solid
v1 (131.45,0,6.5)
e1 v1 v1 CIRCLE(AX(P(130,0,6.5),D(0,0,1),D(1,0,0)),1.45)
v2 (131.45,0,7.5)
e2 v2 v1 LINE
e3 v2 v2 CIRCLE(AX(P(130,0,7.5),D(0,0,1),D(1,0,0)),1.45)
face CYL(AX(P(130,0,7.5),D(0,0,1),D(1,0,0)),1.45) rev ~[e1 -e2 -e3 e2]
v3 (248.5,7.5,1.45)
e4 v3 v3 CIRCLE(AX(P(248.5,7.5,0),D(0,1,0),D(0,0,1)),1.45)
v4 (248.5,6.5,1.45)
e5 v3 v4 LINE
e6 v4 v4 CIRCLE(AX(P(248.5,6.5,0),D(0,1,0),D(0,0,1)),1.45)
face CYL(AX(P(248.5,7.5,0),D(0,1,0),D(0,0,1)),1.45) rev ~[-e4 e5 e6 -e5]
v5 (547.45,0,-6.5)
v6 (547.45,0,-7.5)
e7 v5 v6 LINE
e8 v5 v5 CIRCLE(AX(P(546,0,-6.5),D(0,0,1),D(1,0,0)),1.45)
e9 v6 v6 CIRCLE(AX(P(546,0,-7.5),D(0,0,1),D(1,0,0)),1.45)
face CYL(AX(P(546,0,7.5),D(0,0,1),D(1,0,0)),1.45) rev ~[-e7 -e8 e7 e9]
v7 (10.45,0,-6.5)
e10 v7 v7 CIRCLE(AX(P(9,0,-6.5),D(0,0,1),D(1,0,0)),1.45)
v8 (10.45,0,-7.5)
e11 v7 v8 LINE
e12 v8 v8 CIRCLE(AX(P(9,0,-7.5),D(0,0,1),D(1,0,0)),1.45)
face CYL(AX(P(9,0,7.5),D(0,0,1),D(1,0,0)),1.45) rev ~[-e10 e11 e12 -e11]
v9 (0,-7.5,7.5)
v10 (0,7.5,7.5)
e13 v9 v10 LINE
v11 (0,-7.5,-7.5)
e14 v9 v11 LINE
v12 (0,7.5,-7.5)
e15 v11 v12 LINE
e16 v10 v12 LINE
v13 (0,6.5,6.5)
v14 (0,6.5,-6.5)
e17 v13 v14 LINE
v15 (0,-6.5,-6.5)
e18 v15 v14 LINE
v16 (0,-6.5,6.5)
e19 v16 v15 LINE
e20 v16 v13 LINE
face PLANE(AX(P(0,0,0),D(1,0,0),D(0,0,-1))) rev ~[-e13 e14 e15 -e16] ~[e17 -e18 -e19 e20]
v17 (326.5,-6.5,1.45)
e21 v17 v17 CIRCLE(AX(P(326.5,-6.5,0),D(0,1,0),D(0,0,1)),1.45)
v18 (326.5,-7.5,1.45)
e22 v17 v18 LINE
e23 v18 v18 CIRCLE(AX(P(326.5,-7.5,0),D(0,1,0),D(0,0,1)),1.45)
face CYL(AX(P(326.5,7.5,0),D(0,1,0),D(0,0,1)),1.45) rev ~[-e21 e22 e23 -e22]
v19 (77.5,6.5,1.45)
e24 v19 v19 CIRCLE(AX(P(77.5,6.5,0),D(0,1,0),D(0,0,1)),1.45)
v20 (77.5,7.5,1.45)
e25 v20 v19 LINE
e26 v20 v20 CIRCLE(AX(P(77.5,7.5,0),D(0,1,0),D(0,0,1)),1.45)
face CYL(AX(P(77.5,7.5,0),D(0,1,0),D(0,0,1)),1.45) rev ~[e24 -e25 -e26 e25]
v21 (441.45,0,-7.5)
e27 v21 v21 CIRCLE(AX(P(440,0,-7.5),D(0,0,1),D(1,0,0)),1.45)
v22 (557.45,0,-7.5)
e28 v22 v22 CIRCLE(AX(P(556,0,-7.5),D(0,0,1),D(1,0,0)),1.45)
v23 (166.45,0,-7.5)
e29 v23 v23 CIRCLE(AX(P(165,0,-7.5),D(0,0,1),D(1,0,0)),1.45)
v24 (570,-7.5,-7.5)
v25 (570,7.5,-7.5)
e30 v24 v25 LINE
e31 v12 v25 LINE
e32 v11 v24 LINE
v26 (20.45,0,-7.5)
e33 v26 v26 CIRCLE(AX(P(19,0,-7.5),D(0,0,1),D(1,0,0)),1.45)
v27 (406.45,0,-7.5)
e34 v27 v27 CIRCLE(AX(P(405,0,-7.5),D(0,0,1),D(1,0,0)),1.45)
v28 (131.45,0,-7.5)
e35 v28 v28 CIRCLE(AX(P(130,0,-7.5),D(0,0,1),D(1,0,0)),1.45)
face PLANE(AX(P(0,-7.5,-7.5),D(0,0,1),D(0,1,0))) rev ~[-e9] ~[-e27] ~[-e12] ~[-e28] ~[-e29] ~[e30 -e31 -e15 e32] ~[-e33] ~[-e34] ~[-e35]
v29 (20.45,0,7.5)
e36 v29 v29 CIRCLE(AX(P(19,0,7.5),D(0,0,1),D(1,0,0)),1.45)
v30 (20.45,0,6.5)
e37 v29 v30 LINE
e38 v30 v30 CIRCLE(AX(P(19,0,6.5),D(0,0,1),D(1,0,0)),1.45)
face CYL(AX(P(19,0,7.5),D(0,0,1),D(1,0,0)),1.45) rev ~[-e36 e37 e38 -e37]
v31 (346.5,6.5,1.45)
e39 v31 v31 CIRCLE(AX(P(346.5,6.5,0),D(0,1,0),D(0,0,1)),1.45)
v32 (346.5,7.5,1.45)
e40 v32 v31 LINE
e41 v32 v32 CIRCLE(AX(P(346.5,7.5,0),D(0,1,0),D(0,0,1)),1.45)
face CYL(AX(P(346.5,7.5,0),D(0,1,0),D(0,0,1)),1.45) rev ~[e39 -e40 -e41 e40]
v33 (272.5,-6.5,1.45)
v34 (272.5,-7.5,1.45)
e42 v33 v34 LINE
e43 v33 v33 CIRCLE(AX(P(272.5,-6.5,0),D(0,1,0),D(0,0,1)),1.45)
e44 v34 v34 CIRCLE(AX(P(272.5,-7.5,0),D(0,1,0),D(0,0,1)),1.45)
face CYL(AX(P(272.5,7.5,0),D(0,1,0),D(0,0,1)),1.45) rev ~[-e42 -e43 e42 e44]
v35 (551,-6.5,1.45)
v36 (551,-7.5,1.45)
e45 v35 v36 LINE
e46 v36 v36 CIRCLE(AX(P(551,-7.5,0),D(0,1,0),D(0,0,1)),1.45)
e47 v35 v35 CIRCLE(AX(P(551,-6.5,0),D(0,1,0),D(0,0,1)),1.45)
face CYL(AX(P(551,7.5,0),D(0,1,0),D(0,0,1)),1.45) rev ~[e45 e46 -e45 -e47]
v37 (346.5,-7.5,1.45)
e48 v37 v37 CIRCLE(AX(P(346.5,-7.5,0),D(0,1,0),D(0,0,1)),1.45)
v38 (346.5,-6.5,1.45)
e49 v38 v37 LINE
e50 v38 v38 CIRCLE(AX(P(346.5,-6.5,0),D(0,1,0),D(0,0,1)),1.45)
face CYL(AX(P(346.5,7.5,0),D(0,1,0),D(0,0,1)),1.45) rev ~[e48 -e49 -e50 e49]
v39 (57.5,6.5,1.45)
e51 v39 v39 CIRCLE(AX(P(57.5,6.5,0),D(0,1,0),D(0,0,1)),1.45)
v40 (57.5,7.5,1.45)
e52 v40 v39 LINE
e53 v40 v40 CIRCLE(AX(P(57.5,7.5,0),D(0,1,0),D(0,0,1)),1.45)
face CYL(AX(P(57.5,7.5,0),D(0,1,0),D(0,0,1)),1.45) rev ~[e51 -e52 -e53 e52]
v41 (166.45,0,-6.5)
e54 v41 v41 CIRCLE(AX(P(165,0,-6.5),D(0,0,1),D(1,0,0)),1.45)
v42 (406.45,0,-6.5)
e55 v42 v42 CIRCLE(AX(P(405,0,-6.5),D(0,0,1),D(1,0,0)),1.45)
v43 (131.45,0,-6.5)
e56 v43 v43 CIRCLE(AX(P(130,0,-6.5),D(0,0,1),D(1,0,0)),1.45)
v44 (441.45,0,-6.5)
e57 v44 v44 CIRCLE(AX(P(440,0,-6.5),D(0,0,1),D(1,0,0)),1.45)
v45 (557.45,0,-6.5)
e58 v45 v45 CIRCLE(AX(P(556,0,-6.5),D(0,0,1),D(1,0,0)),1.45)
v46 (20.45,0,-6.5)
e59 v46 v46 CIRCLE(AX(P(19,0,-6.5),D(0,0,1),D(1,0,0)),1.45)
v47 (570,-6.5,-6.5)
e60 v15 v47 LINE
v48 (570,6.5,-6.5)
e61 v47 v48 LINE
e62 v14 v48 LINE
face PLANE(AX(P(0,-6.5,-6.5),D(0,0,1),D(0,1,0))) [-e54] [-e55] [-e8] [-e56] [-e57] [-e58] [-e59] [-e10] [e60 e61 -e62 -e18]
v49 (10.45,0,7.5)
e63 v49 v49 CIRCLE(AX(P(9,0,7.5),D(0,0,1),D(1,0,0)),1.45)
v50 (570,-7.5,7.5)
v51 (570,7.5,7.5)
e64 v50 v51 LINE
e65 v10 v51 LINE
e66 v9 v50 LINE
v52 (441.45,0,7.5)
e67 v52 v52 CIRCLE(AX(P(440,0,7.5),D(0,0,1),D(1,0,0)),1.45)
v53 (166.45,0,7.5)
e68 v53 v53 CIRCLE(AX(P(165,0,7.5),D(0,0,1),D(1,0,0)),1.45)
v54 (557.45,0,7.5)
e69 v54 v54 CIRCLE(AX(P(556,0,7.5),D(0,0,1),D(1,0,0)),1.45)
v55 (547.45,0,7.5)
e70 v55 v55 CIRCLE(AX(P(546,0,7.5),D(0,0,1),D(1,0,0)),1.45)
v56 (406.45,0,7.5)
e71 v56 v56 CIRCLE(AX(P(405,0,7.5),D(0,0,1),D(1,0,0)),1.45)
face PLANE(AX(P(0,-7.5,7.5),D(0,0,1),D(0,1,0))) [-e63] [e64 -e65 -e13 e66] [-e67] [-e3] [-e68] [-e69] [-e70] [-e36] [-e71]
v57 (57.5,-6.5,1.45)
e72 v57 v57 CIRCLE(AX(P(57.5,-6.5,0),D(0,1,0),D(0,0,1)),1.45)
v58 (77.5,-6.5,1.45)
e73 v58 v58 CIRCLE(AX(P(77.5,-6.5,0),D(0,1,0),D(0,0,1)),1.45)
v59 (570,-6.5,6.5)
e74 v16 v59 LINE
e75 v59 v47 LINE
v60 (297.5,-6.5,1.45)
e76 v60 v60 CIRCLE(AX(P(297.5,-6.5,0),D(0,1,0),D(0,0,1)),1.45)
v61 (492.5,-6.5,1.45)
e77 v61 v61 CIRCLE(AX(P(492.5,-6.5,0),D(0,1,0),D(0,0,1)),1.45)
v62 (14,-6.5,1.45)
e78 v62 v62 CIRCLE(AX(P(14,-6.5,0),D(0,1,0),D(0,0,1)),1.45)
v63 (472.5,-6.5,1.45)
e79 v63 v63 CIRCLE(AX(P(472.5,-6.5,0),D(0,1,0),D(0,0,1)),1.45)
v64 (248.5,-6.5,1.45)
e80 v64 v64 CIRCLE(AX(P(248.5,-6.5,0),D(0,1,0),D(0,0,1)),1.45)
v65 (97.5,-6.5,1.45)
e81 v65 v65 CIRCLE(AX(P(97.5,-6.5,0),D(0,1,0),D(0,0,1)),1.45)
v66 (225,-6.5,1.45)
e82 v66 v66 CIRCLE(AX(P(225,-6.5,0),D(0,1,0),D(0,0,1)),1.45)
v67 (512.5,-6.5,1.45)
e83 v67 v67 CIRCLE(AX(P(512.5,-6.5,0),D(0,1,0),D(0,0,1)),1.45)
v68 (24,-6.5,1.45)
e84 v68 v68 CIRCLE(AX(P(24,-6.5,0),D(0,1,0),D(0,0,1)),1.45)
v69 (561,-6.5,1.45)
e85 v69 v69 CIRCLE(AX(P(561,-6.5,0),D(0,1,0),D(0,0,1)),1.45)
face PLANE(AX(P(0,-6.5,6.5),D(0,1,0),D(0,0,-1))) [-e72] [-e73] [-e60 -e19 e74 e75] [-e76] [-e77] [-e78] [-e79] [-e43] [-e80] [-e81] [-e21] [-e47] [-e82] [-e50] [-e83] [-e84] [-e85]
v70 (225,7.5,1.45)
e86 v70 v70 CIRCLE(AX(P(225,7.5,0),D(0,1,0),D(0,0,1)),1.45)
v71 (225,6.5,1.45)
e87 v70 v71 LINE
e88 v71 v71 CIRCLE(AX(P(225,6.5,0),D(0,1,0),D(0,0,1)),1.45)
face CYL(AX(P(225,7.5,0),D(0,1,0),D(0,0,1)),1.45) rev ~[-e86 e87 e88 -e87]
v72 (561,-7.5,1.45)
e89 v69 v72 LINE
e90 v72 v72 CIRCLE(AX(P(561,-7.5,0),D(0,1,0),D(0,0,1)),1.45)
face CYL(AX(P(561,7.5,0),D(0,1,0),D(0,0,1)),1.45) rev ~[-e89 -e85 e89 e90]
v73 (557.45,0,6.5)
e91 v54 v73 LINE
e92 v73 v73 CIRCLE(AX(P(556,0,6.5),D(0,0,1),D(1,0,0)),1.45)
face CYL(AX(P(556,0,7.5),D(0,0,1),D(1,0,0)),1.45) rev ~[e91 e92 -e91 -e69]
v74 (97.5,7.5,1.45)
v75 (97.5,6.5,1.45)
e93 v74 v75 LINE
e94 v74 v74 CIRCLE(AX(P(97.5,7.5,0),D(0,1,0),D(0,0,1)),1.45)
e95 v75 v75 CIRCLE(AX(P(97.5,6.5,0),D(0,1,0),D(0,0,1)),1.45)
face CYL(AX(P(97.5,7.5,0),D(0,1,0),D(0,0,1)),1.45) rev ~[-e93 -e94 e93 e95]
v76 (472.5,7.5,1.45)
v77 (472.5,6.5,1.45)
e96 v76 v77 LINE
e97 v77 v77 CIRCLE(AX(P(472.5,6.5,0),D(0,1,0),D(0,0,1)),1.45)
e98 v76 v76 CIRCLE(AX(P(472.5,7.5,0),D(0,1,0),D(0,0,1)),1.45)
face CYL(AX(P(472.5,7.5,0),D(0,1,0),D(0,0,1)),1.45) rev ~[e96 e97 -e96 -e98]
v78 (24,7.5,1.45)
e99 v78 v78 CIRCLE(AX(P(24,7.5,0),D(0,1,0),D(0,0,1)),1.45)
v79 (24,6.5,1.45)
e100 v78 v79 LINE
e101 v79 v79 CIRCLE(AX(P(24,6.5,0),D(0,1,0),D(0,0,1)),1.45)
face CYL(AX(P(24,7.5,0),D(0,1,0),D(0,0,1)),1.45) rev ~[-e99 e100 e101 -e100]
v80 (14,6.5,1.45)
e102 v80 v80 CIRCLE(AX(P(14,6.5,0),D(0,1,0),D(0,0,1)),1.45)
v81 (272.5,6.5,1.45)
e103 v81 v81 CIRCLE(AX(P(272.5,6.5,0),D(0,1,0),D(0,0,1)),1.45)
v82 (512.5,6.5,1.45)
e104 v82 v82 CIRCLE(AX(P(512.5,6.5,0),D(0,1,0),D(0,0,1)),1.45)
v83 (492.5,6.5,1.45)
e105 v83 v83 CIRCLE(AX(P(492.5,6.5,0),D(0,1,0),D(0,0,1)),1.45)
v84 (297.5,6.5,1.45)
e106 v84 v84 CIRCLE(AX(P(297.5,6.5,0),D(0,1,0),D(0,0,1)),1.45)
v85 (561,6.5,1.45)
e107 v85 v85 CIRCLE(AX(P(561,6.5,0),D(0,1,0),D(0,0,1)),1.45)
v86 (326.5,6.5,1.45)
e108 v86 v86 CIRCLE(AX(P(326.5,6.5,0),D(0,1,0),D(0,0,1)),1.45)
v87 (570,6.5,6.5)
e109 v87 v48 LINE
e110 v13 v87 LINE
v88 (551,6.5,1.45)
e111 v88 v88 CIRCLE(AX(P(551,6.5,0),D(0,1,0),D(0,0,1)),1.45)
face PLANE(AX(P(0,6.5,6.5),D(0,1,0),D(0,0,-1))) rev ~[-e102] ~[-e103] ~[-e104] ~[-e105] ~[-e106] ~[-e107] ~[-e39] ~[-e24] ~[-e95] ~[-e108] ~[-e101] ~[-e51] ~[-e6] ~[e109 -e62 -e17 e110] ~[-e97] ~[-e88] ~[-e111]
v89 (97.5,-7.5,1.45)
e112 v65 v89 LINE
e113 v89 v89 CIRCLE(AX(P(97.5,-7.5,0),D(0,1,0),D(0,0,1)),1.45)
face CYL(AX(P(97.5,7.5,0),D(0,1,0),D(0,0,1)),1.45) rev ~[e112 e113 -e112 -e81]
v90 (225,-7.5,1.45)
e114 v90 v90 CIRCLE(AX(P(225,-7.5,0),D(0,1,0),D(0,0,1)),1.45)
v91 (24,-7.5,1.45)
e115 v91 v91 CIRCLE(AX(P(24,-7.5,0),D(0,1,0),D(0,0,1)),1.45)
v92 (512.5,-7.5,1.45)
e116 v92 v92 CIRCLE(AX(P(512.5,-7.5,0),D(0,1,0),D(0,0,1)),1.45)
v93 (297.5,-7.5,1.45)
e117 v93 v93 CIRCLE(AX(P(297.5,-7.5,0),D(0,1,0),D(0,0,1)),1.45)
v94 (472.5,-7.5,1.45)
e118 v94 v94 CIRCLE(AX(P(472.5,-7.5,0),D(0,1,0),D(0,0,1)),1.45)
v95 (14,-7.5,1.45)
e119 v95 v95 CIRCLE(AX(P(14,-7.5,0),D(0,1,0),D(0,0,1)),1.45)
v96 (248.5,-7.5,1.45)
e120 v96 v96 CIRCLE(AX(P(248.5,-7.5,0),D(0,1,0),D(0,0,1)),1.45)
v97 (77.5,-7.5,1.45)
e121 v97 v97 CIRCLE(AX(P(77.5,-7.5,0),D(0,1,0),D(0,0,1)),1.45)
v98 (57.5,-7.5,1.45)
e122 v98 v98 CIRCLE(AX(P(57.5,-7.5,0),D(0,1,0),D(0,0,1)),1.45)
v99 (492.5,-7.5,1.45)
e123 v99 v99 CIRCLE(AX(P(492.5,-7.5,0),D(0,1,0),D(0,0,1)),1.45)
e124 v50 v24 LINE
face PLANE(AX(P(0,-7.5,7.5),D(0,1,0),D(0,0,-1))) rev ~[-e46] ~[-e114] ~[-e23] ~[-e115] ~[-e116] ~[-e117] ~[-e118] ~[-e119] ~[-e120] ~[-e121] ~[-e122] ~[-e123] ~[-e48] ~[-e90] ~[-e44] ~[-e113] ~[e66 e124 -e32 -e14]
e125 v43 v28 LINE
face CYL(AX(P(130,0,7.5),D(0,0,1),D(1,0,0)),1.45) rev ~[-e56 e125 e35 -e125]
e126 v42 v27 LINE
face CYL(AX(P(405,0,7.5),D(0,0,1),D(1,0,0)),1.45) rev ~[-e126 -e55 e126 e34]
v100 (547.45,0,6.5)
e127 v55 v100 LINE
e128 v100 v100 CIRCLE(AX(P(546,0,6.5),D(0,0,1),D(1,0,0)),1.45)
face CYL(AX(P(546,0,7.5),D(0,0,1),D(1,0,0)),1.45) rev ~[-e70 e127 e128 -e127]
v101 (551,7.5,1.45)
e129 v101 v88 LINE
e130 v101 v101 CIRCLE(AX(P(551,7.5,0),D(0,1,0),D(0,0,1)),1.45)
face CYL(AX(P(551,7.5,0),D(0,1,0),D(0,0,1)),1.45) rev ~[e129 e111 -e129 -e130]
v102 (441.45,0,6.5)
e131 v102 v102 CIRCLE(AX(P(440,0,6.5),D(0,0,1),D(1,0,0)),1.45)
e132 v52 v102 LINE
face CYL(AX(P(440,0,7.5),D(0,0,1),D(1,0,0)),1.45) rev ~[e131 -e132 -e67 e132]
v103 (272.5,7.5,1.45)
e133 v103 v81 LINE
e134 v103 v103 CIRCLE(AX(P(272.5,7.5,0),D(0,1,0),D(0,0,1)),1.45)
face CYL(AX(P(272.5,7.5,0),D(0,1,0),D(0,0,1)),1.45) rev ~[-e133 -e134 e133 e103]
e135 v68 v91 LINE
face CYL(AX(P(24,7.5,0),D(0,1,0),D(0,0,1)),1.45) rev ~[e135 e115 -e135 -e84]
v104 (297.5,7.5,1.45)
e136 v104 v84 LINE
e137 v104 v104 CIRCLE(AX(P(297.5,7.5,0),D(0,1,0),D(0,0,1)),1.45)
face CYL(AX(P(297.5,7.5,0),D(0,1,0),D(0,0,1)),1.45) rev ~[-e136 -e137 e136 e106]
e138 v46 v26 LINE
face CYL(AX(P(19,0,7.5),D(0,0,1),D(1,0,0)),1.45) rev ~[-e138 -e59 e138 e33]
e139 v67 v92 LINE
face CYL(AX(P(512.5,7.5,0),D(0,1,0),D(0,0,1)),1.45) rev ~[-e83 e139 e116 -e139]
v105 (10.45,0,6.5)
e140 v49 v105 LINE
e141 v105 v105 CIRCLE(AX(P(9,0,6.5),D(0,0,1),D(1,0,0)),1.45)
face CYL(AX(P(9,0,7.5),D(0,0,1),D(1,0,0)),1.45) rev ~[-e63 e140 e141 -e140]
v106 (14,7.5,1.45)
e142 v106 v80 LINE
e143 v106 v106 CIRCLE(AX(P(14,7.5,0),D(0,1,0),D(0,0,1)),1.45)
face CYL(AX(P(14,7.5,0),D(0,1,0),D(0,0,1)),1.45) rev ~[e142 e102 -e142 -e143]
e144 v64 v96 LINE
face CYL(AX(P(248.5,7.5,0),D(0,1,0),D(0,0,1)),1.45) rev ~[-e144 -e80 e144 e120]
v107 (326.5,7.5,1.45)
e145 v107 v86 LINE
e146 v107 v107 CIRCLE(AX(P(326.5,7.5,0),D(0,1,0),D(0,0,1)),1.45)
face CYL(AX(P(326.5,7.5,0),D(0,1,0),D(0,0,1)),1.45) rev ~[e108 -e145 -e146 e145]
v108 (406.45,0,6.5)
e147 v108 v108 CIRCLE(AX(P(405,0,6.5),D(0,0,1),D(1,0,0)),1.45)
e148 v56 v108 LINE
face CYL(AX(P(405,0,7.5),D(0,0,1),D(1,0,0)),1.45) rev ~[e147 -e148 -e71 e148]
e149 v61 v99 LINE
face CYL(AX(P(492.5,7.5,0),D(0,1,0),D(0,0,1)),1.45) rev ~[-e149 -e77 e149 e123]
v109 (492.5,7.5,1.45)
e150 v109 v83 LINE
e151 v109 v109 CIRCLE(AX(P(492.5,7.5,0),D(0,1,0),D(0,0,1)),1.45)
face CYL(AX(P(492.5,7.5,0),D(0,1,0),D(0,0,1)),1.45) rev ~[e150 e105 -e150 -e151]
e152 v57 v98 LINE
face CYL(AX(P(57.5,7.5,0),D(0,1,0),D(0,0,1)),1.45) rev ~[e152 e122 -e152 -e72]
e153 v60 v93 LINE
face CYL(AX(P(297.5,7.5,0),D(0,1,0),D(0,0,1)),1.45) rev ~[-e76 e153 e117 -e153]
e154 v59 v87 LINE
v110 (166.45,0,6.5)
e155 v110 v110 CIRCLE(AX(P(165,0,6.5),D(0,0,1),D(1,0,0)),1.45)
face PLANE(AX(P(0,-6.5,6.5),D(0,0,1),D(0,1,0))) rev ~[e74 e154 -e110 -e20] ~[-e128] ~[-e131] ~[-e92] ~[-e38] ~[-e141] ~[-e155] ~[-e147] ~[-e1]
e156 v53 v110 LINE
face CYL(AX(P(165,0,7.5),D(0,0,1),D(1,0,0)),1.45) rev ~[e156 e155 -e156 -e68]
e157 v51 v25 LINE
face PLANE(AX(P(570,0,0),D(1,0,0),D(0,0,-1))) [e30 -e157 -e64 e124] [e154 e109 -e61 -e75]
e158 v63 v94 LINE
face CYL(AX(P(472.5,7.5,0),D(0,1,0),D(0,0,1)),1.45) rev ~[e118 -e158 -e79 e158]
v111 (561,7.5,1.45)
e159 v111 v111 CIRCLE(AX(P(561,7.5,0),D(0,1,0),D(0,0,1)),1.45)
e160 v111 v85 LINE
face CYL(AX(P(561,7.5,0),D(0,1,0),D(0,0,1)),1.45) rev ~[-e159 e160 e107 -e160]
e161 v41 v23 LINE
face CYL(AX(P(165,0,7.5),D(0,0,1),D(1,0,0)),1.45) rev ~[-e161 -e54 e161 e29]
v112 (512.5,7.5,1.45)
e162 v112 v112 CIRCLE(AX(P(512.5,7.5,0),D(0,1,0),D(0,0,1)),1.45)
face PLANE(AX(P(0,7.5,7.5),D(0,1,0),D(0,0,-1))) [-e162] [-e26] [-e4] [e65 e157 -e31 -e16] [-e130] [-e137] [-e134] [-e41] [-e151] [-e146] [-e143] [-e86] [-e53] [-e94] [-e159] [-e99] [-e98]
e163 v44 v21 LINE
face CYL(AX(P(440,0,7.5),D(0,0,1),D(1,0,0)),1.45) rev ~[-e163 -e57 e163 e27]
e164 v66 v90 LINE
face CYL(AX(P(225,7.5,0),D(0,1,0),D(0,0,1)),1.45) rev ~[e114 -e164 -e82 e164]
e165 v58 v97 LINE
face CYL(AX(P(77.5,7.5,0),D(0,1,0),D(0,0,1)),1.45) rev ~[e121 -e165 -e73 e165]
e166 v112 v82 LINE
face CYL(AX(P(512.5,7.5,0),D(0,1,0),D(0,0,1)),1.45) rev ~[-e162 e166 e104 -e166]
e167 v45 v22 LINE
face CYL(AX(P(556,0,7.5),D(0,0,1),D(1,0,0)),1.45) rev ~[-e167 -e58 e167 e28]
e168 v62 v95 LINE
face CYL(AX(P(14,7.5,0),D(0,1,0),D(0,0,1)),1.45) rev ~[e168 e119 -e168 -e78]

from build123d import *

# Parameters (mm, degrees)
SKETCH_1_W          = 15
SKETCH_1_H          = 15
SKETCH_1_W_2        = 13
SKETCH_1_H_2        = 13
EXTRUDE_1_DEPTH     = 570
SKETCH_2_R          = 1.45
CUT_EXTRUDE_1_DEPTH = 571.246657158
SKETCH_3_R          = 1.45
CUT_EXTRUDE_2_DEPTH = 571.246657158


with BuildPart() as part:
    # 草图1 → 凸台-拉伸1 (new body)
    with BuildSketch(Plane(origin=(0, 0, 0), x_dir=(0, 0, -1), z_dir=(1, 0, 0))):
        Rectangle(SKETCH_1_W, SKETCH_1_H)
        Rectangle(SKETCH_1_W_2, SKETCH_1_H_2, mode=Mode.SUBTRACT)
    extrude(amount=EXTRUDE_1_DEPTH)

    # 草图2 → 切除-拉伸1 (cut, through all)
    with BuildSketch(Plane(origin=(0, 7.5, 0), x_dir=(1, 0, 0), z_dir=(0, 1, 0))):
        with Locations(Location((561, 0, 0), (0, 0, 270))):
            Circle(SKETCH_2_R)
        with Locations(Location((551, 0, 0), (0, 0, 270))):
            Circle(SKETCH_2_R)
        with Locations(Location((297.5, 0, 0), (0, 0, 270))):
            Circle(SKETCH_2_R)
        with Locations(Location((272.5, 0, 0), (0, 0, 270))):
            Circle(SKETCH_2_R)
        with Locations(Location((24, 0, 0), (0, 0, 270))):
            Circle(SKETCH_2_R)
        with Locations(Location((14, 0, 0), (0, 0, 270))):
            Circle(SKETCH_2_R)
        with Locations(Location((97.5, 0, 0), (0, 0, 270))):
            Circle(SKETCH_2_R)
        with Locations(Location((77.5, 0, 0), (0, 0, 270))):
            Circle(SKETCH_2_R)
        with Locations(Location((57.5, 0, 0), (0, 0, 270))):
            Circle(SKETCH_2_R)
        with Locations(Location((472.5, 0, 0), (0, 0, 270))):
            Circle(SKETCH_2_R)
        with Locations(Location((492.5, 0, 0), (0, 0, 270))):
            Circle(SKETCH_2_R)
        with Locations(Location((512.5, 0, 0), (0, 0, 270))):
            Circle(SKETCH_2_R)
        with Locations(Location((346.5, 0, 0), (0, 0, 270))):
            Circle(SKETCH_2_R)
        with Locations(Location((326.5, 0, 0), (0, 0, 270))):
            Circle(SKETCH_2_R)
        with Locations(Location((248.5, 0, 0), (0, 0, 270))):
            Circle(SKETCH_2_R)
        with Locations(Location((225, 0, 0), (0, 0, 270))):
            Circle(SKETCH_2_R)
    extrude(amount=-CUT_EXTRUDE_1_DEPTH, mode=Mode.SUBTRACT)

    # 草图3 → 切除-拉伸2 (cut, through all)
    with BuildSketch(Plane.XY.offset(7.5)):
        with Locations((440, 0)):
            Circle(SKETCH_3_R)
        with Locations((405, 0)):
            Circle(SKETCH_3_R)
        with Locations((165, 0)):
            Circle(SKETCH_3_R)
        with Locations((130, 0)):
            Circle(SKETCH_3_R)
        with Locations((19, 0)):
            Circle(SKETCH_3_R)
        with Locations((9, 0)):
            Circle(SKETCH_3_R)
        with Locations((556, 0)):
            Circle(SKETCH_3_R)
        with Locations((546, 0)):
            Circle(SKETCH_3_R)
    extrude(amount=-CUT_EXTRUDE_2_DEPTH, mode=Mode.SUBTRACT)


solid = part.part
